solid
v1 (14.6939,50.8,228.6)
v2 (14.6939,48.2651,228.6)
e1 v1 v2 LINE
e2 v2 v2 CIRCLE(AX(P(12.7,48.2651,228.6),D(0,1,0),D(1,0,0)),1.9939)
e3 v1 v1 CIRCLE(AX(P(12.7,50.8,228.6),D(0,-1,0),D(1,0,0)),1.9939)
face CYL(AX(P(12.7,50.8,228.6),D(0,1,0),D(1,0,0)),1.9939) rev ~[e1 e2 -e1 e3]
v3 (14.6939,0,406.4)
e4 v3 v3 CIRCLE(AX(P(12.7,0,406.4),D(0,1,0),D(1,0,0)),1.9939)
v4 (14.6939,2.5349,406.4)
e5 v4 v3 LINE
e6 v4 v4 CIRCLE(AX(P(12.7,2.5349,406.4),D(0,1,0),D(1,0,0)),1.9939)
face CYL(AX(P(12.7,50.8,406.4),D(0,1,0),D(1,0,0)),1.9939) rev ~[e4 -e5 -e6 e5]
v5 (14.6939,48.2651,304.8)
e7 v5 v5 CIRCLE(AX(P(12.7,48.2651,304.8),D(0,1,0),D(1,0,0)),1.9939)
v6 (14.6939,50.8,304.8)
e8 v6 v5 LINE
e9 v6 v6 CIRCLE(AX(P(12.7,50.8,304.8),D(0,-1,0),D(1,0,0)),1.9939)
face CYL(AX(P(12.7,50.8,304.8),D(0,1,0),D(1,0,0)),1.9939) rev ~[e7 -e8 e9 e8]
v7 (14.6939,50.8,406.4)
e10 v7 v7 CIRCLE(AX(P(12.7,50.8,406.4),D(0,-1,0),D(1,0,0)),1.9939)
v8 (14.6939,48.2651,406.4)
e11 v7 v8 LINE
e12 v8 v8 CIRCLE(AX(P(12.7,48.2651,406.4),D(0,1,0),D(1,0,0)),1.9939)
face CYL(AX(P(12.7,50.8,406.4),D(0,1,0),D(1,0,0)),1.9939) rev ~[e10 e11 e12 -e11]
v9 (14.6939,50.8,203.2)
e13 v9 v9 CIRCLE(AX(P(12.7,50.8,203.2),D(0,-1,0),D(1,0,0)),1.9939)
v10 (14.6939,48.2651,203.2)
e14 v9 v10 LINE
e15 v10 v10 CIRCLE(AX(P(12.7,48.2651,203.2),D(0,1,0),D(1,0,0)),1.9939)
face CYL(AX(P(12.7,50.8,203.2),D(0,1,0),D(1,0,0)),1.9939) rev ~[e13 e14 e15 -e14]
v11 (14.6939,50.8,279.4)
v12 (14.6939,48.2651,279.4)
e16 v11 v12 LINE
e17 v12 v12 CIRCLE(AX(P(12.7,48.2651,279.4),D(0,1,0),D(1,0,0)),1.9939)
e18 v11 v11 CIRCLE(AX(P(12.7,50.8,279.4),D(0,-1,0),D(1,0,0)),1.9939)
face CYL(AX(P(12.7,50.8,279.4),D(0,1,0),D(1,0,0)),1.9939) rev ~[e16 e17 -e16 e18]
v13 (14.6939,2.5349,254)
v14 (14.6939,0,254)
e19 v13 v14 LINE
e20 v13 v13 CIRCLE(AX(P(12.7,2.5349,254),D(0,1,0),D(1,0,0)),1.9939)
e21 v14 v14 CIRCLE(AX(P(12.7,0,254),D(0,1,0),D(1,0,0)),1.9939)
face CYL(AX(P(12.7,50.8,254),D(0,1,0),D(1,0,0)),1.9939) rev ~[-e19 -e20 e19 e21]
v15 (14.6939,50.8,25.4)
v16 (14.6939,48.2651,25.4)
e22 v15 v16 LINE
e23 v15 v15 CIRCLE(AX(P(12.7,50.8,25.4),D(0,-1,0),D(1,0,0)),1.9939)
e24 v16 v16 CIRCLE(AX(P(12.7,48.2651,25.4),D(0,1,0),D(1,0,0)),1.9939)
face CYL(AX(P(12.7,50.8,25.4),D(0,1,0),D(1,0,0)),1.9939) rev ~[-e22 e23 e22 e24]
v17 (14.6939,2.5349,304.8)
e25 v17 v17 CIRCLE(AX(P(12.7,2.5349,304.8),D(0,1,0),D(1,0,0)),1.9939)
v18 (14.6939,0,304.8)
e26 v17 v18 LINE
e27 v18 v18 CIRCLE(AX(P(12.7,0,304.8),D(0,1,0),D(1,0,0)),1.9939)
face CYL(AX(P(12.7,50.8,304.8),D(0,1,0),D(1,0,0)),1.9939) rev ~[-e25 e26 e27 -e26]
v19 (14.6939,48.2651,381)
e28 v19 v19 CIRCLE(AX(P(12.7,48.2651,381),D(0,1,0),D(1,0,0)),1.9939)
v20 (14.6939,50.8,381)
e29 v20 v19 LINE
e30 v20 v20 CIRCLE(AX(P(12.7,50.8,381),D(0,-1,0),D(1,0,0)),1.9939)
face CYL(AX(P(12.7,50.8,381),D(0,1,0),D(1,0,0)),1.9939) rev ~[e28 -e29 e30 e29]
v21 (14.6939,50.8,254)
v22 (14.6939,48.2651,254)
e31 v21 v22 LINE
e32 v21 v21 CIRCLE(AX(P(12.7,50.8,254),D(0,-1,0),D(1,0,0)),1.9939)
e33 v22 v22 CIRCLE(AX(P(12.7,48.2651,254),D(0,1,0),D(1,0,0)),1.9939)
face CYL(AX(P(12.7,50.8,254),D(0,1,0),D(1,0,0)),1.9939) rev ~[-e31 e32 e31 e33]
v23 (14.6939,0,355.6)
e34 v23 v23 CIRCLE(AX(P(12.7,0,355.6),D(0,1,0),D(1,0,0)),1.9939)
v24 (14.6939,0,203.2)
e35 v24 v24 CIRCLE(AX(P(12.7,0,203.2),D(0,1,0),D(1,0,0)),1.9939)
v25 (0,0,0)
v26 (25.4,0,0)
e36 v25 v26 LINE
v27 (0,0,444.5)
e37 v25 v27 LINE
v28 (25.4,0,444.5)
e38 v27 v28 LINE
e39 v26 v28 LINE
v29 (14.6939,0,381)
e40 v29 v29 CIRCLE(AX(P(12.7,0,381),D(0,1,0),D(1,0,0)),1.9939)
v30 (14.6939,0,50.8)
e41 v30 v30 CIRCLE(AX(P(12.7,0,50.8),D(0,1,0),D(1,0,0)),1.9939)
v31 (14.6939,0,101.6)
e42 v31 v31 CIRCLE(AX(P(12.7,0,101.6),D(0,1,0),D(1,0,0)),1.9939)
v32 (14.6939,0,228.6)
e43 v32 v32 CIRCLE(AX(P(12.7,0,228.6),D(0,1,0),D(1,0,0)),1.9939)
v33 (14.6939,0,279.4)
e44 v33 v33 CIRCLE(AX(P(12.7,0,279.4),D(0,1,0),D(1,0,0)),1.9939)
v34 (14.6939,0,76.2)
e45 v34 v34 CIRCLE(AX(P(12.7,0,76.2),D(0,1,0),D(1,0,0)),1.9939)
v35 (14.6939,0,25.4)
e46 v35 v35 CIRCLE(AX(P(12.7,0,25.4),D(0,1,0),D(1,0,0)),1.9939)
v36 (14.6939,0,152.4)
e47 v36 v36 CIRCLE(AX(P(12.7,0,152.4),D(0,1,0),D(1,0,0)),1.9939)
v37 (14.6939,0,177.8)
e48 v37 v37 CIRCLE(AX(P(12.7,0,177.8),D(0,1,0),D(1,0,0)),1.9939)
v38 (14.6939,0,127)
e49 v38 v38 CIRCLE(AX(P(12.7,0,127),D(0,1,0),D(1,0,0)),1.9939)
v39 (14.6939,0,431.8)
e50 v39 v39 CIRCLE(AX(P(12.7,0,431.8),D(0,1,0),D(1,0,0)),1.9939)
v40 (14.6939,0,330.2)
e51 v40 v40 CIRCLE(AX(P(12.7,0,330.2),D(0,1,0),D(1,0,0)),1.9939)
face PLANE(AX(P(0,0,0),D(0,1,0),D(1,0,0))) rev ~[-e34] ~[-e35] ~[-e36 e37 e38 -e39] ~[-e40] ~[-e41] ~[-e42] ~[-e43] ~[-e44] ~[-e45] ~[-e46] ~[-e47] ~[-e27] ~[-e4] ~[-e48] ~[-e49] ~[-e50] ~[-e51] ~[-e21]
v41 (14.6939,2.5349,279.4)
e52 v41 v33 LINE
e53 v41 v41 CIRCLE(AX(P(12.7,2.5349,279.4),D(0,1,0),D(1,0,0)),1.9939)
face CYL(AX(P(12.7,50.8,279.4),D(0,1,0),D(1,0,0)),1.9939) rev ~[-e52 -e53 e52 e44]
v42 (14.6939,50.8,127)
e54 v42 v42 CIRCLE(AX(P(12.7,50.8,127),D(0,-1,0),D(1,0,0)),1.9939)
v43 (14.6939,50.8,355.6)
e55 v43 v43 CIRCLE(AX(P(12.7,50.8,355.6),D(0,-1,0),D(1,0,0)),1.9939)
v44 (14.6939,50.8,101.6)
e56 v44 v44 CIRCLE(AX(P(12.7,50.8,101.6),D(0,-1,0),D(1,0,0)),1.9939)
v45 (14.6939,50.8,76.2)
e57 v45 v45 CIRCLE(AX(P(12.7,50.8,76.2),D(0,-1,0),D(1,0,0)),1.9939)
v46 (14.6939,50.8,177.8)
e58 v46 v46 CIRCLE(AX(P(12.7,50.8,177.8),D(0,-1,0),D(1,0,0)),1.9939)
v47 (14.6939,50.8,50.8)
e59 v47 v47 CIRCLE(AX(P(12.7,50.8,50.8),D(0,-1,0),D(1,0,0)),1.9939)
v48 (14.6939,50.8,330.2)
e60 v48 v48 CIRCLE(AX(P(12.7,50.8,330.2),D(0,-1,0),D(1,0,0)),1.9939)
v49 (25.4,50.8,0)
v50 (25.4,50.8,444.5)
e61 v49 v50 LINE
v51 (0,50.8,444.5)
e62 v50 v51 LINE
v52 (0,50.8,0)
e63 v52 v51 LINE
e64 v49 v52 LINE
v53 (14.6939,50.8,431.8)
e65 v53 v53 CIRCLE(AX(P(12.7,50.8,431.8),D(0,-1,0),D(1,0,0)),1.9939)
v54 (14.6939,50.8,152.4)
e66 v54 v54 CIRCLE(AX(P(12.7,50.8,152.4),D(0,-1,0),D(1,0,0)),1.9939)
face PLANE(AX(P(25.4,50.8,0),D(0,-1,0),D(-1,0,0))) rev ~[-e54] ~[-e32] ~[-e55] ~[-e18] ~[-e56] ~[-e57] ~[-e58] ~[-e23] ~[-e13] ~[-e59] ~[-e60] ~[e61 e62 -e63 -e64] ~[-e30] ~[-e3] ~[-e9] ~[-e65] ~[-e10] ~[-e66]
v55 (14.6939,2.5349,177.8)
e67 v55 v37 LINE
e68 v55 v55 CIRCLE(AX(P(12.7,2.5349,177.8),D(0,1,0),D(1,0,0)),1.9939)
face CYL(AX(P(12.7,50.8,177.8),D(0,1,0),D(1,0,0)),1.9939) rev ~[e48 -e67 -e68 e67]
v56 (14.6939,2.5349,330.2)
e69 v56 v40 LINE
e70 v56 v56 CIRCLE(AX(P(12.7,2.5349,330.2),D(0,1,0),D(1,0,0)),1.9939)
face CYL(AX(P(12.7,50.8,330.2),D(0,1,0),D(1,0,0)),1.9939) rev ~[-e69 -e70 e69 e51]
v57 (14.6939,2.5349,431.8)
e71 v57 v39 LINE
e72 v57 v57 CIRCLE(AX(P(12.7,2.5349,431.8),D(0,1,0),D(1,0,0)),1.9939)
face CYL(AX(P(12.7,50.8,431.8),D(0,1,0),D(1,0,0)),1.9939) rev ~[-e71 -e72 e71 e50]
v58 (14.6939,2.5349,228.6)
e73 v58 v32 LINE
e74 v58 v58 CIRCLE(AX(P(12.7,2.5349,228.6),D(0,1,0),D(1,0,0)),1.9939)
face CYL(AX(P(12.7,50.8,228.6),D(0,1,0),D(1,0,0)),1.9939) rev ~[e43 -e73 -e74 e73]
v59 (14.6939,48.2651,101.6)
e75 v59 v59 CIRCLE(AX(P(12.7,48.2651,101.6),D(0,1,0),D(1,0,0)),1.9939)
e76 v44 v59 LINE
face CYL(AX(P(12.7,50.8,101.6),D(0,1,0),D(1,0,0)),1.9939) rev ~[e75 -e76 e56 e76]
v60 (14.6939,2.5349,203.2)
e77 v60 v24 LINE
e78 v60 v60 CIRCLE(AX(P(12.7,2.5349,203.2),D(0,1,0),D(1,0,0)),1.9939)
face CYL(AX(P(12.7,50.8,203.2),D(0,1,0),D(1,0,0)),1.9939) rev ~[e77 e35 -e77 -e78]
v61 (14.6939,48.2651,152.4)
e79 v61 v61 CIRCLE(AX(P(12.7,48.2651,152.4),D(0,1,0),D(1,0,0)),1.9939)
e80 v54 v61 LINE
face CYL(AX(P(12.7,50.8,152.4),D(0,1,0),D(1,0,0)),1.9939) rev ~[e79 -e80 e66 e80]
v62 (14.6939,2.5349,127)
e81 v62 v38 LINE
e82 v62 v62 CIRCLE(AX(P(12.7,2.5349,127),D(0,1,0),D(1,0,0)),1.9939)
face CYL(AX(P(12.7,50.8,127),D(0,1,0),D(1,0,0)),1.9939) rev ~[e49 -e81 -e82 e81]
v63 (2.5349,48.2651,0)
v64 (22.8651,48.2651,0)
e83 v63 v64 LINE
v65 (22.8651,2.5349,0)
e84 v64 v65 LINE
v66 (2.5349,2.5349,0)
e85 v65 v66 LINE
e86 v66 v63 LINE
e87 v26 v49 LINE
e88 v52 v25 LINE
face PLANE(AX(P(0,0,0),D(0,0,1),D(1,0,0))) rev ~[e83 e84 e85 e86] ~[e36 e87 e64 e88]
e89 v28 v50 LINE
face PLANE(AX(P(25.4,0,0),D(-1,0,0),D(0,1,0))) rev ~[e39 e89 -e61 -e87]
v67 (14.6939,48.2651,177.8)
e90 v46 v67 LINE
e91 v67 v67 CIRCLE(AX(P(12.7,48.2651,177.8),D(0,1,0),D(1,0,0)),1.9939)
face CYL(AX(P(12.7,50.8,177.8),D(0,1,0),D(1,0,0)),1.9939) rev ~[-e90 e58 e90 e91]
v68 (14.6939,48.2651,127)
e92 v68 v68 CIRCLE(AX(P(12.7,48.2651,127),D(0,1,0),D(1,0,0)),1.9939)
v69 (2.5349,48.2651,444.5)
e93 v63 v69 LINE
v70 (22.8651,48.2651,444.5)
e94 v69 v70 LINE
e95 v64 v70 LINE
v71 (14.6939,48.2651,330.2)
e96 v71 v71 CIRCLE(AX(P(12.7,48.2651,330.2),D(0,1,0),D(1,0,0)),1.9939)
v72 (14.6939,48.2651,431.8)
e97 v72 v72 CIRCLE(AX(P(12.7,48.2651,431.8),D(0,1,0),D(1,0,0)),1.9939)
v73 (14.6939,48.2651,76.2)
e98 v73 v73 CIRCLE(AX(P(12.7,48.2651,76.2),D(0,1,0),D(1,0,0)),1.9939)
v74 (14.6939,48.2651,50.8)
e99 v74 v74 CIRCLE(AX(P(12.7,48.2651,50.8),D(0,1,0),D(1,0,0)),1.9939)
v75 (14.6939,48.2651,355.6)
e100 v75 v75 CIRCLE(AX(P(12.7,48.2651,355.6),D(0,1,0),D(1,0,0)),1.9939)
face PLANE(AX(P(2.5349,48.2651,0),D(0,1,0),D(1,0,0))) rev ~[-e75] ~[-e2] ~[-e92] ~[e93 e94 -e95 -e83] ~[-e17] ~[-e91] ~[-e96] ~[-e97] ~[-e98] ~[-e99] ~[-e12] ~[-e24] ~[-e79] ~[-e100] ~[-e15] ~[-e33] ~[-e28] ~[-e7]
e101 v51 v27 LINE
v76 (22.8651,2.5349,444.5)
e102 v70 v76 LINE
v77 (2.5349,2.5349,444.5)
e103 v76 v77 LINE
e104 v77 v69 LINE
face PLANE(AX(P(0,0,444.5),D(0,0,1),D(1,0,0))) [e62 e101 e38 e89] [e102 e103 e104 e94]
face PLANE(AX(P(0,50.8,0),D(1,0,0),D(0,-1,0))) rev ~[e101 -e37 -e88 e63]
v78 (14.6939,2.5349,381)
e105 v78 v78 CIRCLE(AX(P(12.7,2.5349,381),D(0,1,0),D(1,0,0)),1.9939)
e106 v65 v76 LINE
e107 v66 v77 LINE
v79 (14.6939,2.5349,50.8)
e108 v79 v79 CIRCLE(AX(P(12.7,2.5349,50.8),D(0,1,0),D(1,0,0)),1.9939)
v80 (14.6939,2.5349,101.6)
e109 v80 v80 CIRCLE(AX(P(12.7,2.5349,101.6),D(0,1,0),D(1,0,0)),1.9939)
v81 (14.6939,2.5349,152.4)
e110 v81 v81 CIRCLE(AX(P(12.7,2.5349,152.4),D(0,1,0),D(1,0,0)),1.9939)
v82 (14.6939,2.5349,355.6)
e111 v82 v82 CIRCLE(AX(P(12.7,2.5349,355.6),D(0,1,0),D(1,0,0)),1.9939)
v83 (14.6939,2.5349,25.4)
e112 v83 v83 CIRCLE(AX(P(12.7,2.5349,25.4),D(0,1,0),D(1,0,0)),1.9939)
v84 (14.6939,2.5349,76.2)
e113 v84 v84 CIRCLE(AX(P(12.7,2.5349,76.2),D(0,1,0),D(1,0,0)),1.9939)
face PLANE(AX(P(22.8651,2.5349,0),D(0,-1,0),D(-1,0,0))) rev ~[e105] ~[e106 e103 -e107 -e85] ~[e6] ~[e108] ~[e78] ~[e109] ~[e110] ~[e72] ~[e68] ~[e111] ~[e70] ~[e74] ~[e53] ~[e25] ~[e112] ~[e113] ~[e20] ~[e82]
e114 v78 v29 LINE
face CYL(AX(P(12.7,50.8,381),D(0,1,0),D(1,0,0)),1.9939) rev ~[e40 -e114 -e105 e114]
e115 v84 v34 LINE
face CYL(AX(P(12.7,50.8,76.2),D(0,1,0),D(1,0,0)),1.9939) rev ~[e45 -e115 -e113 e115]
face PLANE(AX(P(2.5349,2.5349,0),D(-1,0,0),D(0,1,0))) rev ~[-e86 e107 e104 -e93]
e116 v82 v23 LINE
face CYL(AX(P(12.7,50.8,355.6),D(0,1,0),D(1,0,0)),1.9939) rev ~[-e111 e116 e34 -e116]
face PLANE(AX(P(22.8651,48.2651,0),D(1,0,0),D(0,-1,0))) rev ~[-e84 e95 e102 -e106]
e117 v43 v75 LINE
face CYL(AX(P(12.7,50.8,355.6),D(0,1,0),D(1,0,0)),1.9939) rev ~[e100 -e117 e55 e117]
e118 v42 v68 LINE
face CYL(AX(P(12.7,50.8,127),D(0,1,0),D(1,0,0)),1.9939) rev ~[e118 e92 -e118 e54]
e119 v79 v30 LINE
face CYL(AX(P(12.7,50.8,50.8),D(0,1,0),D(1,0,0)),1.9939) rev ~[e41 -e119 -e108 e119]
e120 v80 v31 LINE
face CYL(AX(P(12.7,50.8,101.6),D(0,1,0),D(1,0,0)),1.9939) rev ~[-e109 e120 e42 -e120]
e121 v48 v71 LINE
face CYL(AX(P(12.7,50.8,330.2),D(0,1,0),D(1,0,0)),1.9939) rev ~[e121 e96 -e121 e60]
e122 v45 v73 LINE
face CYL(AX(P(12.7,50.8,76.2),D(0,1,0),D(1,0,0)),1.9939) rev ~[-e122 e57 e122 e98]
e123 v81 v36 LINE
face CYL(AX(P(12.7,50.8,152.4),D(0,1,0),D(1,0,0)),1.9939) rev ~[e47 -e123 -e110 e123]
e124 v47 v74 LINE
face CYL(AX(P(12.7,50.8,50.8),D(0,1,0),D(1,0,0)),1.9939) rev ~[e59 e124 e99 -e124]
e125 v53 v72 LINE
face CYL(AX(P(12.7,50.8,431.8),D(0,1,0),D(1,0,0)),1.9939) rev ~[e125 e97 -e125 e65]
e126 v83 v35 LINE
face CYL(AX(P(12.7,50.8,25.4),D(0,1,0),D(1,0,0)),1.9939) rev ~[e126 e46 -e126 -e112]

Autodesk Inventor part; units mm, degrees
ref_plane "YZ Plane" through (0, 0, 0) normal (1, 0, 0) x (0, 1, 0)
ref_plane "XZ Plane" through (0, 0, 0) normal (0, 1, 0) x (-1, 0, 0)
ref_plane "XY Plane" through (0, 0, 0) normal (0, 0, 1) x (1, 0, 0)
sketch "Sketch1" plane through (0, 0, 0) normal (0, 0, 1) x (1, 0, 0)
  line L0 (0, 0) -> (25.4, 0)
  line L1 (25.4, 0) -> (25.4, 50.8)
  line L2 (25.4, 50.8) -> (0, 50.8)
  line L3 (0, 50.8) -> (0, 0)
  line L4 (22.8651, 48.2651) -> (22.8651, 2.5349)
  line L5 (22.8651, 2.5349) -> (2.5349, 2.5349)
  line L6 (2.5349, 2.5349) -> (2.5349, 48.2651)
  line L7 (2.5349, 48.2651) -> (22.8651, 48.2651)
  dimension "d0" = 25.4
  dimension "d1" = 50.8
  dimension "d2" = 2.5349
extrude "Extrusion1" add sketch "Sketch1" along normal blind 444.5
sketch "Sketch2" plane through (0, 50.8, 0) normal (0, 1, 0) x (1, 0, 0)
  line L0 (0, 0) -> (12.7, 0)
  line L1 (25.4, 0) -> (0, 0) projected
  line L2 (0, 0) -> (0, -444.5) projected
  line L3 (12.7, 0) -> (12.7, -25.4)
  circle A0 centre (12.7, -25.4) radius 1.9939
  line L4 (12.7, -25.4) -> (12.7, -50.8)
  circle A1 centre (12.7, -50.8) radius 1.9939
  line L5 (12.7, -50.8) -> (12.7, -76.2)
  circle A2 centre (12.7, -76.2) radius 1.9939
  line L6 (12.7, -25.4) -> (12.7, -50.8)
  circle A3 centre (12.7, -50.8) radius 1.9939
  line L7 (12.7, -50.8) -> (12.7, -76.2)
  circle A4 centre (12.7, -76.2) radius 1.9939
  line L8 (12.7, -76.2) -> (12.7, -101.6)
  circle A5 centre (12.7, -101.6) radius 1.9939
  line L9 (12.7, -50.8) -> (12.7, -76.2)
  circle A6 centre (12.7, -76.2) radius 1.9939
  line L10 (12.7, -76.2) -> (12.7, -101.6)
  circle A7 centre (12.7, -101.6) radius 1.9939
  line L11 (12.7, -101.6) -> (12.7, -127)
  circle A8 centre (12.7, -127) radius 1.9939
  line L12 (12.7, -76.2) -> (12.7, -101.6)
  circle A9 centre (12.7, -101.6) radius 1.9939
  line L13 (12.7, -101.6) -> (12.7, -127)
  circle A10 centre (12.7, -127) radius 1.9939
  line L14 (12.7, -127) -> (12.7, -152.4)
  circle A11 centre (12.7, -152.4) radius 1.9939
  line L15 (12.7, -101.6) -> (12.7, -127)
  circle A12 centre (12.7, -127) radius 1.9939
  line L16 (12.7, -127) -> (12.7, -152.4)
  circle A13 centre (12.7, -152.4) radius 1.9939
  line L17 (12.7, -152.4) -> (12.7, -177.8)
  circle A14 centre (12.7, -177.8) radius 1.9939
  line L18 (12.7, -127) -> (12.7, -152.4)
  circle A15 centre (12.7, -152.4) radius 1.9939
  line L19 (12.7, -152.4) -> (12.7, -177.8)
  circle A16 centre (12.7, -177.8) radius 1.9939
  line L20 (12.7, -177.8) -> (12.7, -203.2)
  circle A17 centre (12.7, -203.2) radius 1.9939
  line L21 (12.7, -152.4) -> (12.7, -177.8)
  circle A18 centre (12.7, -177.8) radius 1.9939
  line L22 (12.7, -177.8) -> (12.7, -203.2)
  circle A19 centre (12.7, -203.2) radius 1.9939
  line L23 (12.7, -203.2) -> (12.7, -228.6)
  circle A20 centre (12.7, -228.6) radius 1.9939
  line L24 (12.7, -177.8) -> (12.7, -203.2)
  circle A21 centre (12.7, -203.2) radius 1.9939
  line L25 (12.7, -203.2) -> (12.7, -228.6)
  circle A22 centre (12.7, -228.6) radius 1.9939
  line L26 (12.7, -228.6) -> (12.7, -254)
  circle A23 centre (12.7, -254) radius 1.9939
  line L27 (12.7, -203.2) -> (12.7, -228.6)
  circle A24 centre (12.7, -228.6) radius 1.9939
  line L28 (12.7, -228.6) -> (12.7, -254)
  circle A25 centre (12.7, -254) radius 1.9939
  line L29 (12.7, -254) -> (12.7, -279.4)
  circle A26 centre (12.7, -279.4) radius 1.9939
  line L30 (12.7, -228.6) -> (12.7, -254)
  circle A27 centre (12.7, -254) radius 1.9939
  line L31 (12.7, -254) -> (12.7, -279.4)
  circle A28 centre (12.7, -279.4) radius 1.9939
  line L32 (12.7, -279.4) -> (12.7, -304.8)
  circle A29 centre (12.7, -304.8) radius 1.9939
  line L33 (12.7, -254) -> (12.7, -279.4)
  circle A30 centre (12.7, -279.4) radius 1.9939
  line L34 (12.7, -279.4) -> (12.7, -304.8)
  circle A31 centre (12.7, -304.8) radius 1.9939
  line L35 (12.7, -304.8) -> (12.7, -330.2)
  circle A32 centre (12.7, -330.2) radius 1.9939
  line L36 (12.7, -279.4) -> (12.7, -304.8)
  circle A33 centre (12.7, -304.8) radius 1.9939
  line L37 (12.7, -304.8) -> (12.7, -330.2)
  circle A34 centre (12.7, -330.2) radius 1.9939
  line L38 (12.7, -330.2) -> (12.7, -355.6)
  circle A35 centre (12.7, -355.6) radius 1.9939
  line L39 (12.7, -304.8) -> (12.7, -330.2)
  circle A36 centre (12.7, -330.2) radius 1.9939
  line L40 (12.7, -330.2) -> (12.7, -355.6)
  circle A37 centre (12.7, -355.6) radius 1.9939
  line L41 (12.7, -355.6) -> (12.7, -381)
  circle A38 centre (12.7, -381) radius 1.9939
  line L42 (12.7, -330.2) -> (12.7, -355.6)
  circle A39 centre (12.7, -355.6) radius 1.9939
  line L43 (12.7, -355.6) -> (12.7, -381)
  circle A40 centre (12.7, -381) radius 1.9939
  line L44 (12.7, -381) -> (12.7, -406.4)
  circle A41 centre (12.7, -406.4) radius 1.9939
  line L45 (12.7, -355.6) -> (12.7, -381)
  circle A42 centre (12.7, -381) radius 1.9939
  line L46 (12.7, -381) -> (12.7, -406.4)
  circle A43 centre (12.7, -406.4) radius 1.9939
  line L47 (12.7, -406.4) -> (12.7, -431.8)
  circle A44 centre (12.7, -431.8) radius 1.9939
  dimension "d5" = 25.4
  dimension "d6" = 3.9878
  dimension "d7" = 25.4
  dimension "d8" = 3.9878
  dimension "d9" = 25.4
  dimension "d10" = 3.9878
  dimension "d29" = 25.4
extrude "Extrusion2" cut sketch "Sketch2" against normal blind 444.5
properties part number "RobotBaseSide"
